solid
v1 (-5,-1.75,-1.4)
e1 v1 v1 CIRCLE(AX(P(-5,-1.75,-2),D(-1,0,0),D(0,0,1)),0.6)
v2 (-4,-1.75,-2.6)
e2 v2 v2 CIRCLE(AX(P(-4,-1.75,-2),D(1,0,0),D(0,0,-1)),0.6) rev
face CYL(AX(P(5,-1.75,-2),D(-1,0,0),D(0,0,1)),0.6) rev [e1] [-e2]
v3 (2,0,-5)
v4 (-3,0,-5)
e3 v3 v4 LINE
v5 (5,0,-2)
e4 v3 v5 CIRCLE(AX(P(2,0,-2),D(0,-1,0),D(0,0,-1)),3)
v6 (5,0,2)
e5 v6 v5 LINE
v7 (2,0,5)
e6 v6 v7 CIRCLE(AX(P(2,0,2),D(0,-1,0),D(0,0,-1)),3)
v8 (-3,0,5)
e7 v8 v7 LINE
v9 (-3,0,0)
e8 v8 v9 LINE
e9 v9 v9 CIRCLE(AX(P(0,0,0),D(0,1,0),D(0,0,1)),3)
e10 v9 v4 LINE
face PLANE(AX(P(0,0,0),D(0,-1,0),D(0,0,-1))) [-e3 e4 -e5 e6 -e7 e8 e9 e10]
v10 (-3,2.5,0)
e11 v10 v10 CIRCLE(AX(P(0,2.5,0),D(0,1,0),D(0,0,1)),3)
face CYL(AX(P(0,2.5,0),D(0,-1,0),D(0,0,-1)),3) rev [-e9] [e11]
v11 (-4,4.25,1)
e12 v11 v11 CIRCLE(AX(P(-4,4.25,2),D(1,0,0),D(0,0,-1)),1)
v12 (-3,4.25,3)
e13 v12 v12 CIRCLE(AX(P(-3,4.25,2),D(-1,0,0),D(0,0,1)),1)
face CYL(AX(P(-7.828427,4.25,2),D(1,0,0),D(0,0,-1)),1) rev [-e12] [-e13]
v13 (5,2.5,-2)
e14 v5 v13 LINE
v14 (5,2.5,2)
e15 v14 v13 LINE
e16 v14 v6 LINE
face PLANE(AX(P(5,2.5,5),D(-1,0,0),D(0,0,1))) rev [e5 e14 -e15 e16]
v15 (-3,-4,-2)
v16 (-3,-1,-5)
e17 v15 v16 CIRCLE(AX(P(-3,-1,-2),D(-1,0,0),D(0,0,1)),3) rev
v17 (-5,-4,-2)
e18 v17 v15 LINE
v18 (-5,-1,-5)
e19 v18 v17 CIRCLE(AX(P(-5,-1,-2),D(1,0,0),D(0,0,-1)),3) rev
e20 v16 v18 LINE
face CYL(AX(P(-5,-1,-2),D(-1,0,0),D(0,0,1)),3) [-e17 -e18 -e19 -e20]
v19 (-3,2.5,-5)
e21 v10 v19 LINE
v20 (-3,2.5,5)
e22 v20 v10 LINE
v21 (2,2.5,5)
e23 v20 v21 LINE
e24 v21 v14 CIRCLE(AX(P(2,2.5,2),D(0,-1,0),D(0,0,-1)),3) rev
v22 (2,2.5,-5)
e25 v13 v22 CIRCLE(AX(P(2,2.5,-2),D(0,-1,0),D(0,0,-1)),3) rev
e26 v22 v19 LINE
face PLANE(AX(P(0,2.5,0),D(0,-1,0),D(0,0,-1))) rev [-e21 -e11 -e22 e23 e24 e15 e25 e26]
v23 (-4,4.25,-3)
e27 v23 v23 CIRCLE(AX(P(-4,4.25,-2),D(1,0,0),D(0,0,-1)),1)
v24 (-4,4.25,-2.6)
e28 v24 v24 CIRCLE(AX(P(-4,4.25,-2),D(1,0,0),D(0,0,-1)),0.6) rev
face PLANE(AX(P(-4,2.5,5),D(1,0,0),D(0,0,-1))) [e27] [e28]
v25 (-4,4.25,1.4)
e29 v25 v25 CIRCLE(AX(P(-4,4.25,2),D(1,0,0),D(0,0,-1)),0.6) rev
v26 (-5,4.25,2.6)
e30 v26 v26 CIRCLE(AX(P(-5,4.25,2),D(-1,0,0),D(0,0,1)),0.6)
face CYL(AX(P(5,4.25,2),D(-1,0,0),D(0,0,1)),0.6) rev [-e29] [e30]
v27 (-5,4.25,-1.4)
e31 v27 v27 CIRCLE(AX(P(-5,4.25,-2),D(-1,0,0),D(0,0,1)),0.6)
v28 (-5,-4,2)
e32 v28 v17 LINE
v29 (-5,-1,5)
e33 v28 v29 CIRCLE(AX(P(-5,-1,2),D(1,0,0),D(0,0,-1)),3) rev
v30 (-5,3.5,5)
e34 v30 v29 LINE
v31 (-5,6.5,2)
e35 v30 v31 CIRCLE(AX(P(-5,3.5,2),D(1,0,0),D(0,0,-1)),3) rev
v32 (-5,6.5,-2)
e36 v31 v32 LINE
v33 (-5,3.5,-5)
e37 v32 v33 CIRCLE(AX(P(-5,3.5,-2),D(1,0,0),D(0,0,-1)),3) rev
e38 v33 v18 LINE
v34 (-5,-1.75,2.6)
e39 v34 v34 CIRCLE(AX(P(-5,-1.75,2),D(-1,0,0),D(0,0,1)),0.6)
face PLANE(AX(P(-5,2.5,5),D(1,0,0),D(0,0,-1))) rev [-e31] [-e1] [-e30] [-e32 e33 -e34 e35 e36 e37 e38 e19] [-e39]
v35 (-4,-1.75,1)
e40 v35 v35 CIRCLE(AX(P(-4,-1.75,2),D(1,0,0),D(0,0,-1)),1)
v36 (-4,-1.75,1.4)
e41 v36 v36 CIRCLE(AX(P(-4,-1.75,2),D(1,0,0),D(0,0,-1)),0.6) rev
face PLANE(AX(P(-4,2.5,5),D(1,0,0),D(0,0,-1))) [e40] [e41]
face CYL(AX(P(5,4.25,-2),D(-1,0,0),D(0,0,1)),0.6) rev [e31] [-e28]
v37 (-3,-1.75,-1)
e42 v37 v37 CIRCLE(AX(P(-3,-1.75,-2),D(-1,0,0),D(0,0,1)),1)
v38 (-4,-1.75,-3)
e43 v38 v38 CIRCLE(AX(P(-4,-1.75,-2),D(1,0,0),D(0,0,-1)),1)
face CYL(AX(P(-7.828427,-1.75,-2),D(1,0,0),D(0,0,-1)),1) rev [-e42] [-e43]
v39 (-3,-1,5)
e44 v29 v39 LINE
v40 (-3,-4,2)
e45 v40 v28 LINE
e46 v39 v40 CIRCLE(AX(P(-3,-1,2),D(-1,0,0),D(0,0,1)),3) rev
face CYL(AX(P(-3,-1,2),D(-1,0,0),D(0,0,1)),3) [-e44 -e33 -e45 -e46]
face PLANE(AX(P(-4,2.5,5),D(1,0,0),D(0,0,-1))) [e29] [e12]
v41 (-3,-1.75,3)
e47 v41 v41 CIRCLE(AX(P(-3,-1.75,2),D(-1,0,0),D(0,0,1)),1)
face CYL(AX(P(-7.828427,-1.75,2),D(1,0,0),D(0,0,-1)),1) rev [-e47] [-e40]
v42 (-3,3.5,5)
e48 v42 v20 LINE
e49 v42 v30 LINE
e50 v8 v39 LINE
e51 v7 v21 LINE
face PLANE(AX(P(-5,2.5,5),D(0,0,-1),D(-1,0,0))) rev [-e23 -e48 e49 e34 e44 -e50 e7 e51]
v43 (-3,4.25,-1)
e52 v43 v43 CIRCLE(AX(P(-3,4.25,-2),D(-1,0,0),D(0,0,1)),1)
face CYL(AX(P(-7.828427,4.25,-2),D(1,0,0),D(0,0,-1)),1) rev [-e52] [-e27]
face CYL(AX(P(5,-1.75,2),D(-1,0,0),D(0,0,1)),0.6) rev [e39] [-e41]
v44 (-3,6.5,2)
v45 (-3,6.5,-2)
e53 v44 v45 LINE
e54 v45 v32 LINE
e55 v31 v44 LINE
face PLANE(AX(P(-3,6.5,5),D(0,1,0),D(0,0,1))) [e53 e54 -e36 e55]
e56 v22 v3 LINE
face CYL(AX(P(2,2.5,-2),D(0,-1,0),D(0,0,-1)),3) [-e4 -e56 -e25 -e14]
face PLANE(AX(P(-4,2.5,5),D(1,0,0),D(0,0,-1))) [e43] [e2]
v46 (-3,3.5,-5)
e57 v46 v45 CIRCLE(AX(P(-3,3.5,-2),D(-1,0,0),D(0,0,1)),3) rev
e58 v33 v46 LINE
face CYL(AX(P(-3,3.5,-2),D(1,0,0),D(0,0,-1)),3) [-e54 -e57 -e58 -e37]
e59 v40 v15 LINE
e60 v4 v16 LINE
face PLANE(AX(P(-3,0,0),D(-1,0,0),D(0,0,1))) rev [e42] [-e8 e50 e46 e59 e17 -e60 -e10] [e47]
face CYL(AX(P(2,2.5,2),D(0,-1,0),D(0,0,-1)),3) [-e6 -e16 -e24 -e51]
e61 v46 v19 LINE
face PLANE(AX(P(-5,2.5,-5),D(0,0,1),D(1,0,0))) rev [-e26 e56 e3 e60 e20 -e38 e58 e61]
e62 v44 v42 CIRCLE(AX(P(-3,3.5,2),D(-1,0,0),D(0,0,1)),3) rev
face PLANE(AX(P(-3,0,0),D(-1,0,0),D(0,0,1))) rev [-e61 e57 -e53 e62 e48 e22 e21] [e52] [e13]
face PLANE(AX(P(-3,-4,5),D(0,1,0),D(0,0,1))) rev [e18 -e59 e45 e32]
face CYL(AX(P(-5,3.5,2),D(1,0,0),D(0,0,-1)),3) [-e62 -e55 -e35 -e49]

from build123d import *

# Parameters (mm, degrees)
SKETCH_1_W          = 10
SKETCH_1_H          = 10
SKETCH_1_R          = 3
EXTRUDE_1_DEPTH     = 2.5
SKETCH_3_W          = 10
SKETCH_3_H          = 10.5
EXTRUDE_2_DEPTH     = 2
SKETCH_3_3_R        = 0.6
CUT_EXTRUDE_1_DEPTH = 13.932517156
CUT_EXTRUDE_START   = -2
SKETCH_3_4_R        = 1
CUT_EXTRUDE_2_DEPTH = 1
FILLET_1_R          = 3
FILLET_2_R          = 3


with BuildPart() as part:
    # 草图1 → 凸台-拉伸1 (new body)
    with BuildSketch(Plane(origin=(0, 0, 0), x_dir=(1, 0, 0), z_dir=(0, 1, 0))):
        Rectangle(SKETCH_1_W, SKETCH_1_H)
        with Locations(Location((0, 0, 0), (0, 0, 270))):
            Circle(SKETCH_1_R, mode=Mode.SUBTRACT)
    extrude(amount=EXTRUDE_1_DEPTH)

    # 草图3 → 凸台-拉伸2 (add)
    with BuildSketch(Plane.ZY.offset(5)):
        with Locations((0, 1.25)):
            Rectangle(SKETCH_3_W, SKETCH_3_H)
    extrude(amount=-EXTRUDE_2_DEPTH)

    # 草图3<3> → 切除-拉伸1 (cut, through all)
    with BuildSketch(Plane.ZY.offset(5)):
        with Locations((-2, 4.25)):
            Circle(SKETCH_3_3_R)
        with Locations((2, 4.25)):
            Circle(SKETCH_3_3_R)
        with Locations((-2, -1.75)):
            Circle(SKETCH_3_3_R)
        with Locations((2, -1.75)):
            Circle(SKETCH_3_3_R)
    extrude(amount=-CUT_EXTRUDE_1_DEPTH, mode=Mode.SUBTRACT)

    # 草图3<4> → 切除-拉伸2 (cut)
    with BuildSketch(Plane.ZY.offset(5).offset(CUT_EXTRUDE_START)):
        with Locations(Location((-2, 4.25, 0), (0, 0, 180))):
            Circle(SKETCH_3_4_R)
        with Locations(Location((2, 4.25, 0), (0, 0, 180))):
            Circle(SKETCH_3_4_R)
        with Locations(Location((-2, -1.75, 0), (0, 0, 180))):
            Circle(SKETCH_3_4_R)
        with Locations(Location((2, -1.75, 0), (0, 0, 180))):
            Circle(SKETCH_3_4_R)
    extrude(amount=CUT_EXTRUDE_2_DEPTH, mode=Mode.SUBTRACT)

    # 圆角1
    fillet_1_edges = [part.edges().sort_by_distance(p)[0] for p in [
        (5, 1.25, 5),
        (5, 1.25, -5),
    ]]
    fillet(fillet_1_edges, radius=FILLET_1_R)

    # 圆角2
    fillet_2_edges = [part.edges().sort_by_distance(p)[0] for p in [
        (-4, 6.5, 5),
        (-4, 6.5, -5),
        (-4, -4, 5),
        (-4, -4, -5),
    ]]
    fillet(fillet_2_edges, radius=FILLET_2_R)


solid = part.part
